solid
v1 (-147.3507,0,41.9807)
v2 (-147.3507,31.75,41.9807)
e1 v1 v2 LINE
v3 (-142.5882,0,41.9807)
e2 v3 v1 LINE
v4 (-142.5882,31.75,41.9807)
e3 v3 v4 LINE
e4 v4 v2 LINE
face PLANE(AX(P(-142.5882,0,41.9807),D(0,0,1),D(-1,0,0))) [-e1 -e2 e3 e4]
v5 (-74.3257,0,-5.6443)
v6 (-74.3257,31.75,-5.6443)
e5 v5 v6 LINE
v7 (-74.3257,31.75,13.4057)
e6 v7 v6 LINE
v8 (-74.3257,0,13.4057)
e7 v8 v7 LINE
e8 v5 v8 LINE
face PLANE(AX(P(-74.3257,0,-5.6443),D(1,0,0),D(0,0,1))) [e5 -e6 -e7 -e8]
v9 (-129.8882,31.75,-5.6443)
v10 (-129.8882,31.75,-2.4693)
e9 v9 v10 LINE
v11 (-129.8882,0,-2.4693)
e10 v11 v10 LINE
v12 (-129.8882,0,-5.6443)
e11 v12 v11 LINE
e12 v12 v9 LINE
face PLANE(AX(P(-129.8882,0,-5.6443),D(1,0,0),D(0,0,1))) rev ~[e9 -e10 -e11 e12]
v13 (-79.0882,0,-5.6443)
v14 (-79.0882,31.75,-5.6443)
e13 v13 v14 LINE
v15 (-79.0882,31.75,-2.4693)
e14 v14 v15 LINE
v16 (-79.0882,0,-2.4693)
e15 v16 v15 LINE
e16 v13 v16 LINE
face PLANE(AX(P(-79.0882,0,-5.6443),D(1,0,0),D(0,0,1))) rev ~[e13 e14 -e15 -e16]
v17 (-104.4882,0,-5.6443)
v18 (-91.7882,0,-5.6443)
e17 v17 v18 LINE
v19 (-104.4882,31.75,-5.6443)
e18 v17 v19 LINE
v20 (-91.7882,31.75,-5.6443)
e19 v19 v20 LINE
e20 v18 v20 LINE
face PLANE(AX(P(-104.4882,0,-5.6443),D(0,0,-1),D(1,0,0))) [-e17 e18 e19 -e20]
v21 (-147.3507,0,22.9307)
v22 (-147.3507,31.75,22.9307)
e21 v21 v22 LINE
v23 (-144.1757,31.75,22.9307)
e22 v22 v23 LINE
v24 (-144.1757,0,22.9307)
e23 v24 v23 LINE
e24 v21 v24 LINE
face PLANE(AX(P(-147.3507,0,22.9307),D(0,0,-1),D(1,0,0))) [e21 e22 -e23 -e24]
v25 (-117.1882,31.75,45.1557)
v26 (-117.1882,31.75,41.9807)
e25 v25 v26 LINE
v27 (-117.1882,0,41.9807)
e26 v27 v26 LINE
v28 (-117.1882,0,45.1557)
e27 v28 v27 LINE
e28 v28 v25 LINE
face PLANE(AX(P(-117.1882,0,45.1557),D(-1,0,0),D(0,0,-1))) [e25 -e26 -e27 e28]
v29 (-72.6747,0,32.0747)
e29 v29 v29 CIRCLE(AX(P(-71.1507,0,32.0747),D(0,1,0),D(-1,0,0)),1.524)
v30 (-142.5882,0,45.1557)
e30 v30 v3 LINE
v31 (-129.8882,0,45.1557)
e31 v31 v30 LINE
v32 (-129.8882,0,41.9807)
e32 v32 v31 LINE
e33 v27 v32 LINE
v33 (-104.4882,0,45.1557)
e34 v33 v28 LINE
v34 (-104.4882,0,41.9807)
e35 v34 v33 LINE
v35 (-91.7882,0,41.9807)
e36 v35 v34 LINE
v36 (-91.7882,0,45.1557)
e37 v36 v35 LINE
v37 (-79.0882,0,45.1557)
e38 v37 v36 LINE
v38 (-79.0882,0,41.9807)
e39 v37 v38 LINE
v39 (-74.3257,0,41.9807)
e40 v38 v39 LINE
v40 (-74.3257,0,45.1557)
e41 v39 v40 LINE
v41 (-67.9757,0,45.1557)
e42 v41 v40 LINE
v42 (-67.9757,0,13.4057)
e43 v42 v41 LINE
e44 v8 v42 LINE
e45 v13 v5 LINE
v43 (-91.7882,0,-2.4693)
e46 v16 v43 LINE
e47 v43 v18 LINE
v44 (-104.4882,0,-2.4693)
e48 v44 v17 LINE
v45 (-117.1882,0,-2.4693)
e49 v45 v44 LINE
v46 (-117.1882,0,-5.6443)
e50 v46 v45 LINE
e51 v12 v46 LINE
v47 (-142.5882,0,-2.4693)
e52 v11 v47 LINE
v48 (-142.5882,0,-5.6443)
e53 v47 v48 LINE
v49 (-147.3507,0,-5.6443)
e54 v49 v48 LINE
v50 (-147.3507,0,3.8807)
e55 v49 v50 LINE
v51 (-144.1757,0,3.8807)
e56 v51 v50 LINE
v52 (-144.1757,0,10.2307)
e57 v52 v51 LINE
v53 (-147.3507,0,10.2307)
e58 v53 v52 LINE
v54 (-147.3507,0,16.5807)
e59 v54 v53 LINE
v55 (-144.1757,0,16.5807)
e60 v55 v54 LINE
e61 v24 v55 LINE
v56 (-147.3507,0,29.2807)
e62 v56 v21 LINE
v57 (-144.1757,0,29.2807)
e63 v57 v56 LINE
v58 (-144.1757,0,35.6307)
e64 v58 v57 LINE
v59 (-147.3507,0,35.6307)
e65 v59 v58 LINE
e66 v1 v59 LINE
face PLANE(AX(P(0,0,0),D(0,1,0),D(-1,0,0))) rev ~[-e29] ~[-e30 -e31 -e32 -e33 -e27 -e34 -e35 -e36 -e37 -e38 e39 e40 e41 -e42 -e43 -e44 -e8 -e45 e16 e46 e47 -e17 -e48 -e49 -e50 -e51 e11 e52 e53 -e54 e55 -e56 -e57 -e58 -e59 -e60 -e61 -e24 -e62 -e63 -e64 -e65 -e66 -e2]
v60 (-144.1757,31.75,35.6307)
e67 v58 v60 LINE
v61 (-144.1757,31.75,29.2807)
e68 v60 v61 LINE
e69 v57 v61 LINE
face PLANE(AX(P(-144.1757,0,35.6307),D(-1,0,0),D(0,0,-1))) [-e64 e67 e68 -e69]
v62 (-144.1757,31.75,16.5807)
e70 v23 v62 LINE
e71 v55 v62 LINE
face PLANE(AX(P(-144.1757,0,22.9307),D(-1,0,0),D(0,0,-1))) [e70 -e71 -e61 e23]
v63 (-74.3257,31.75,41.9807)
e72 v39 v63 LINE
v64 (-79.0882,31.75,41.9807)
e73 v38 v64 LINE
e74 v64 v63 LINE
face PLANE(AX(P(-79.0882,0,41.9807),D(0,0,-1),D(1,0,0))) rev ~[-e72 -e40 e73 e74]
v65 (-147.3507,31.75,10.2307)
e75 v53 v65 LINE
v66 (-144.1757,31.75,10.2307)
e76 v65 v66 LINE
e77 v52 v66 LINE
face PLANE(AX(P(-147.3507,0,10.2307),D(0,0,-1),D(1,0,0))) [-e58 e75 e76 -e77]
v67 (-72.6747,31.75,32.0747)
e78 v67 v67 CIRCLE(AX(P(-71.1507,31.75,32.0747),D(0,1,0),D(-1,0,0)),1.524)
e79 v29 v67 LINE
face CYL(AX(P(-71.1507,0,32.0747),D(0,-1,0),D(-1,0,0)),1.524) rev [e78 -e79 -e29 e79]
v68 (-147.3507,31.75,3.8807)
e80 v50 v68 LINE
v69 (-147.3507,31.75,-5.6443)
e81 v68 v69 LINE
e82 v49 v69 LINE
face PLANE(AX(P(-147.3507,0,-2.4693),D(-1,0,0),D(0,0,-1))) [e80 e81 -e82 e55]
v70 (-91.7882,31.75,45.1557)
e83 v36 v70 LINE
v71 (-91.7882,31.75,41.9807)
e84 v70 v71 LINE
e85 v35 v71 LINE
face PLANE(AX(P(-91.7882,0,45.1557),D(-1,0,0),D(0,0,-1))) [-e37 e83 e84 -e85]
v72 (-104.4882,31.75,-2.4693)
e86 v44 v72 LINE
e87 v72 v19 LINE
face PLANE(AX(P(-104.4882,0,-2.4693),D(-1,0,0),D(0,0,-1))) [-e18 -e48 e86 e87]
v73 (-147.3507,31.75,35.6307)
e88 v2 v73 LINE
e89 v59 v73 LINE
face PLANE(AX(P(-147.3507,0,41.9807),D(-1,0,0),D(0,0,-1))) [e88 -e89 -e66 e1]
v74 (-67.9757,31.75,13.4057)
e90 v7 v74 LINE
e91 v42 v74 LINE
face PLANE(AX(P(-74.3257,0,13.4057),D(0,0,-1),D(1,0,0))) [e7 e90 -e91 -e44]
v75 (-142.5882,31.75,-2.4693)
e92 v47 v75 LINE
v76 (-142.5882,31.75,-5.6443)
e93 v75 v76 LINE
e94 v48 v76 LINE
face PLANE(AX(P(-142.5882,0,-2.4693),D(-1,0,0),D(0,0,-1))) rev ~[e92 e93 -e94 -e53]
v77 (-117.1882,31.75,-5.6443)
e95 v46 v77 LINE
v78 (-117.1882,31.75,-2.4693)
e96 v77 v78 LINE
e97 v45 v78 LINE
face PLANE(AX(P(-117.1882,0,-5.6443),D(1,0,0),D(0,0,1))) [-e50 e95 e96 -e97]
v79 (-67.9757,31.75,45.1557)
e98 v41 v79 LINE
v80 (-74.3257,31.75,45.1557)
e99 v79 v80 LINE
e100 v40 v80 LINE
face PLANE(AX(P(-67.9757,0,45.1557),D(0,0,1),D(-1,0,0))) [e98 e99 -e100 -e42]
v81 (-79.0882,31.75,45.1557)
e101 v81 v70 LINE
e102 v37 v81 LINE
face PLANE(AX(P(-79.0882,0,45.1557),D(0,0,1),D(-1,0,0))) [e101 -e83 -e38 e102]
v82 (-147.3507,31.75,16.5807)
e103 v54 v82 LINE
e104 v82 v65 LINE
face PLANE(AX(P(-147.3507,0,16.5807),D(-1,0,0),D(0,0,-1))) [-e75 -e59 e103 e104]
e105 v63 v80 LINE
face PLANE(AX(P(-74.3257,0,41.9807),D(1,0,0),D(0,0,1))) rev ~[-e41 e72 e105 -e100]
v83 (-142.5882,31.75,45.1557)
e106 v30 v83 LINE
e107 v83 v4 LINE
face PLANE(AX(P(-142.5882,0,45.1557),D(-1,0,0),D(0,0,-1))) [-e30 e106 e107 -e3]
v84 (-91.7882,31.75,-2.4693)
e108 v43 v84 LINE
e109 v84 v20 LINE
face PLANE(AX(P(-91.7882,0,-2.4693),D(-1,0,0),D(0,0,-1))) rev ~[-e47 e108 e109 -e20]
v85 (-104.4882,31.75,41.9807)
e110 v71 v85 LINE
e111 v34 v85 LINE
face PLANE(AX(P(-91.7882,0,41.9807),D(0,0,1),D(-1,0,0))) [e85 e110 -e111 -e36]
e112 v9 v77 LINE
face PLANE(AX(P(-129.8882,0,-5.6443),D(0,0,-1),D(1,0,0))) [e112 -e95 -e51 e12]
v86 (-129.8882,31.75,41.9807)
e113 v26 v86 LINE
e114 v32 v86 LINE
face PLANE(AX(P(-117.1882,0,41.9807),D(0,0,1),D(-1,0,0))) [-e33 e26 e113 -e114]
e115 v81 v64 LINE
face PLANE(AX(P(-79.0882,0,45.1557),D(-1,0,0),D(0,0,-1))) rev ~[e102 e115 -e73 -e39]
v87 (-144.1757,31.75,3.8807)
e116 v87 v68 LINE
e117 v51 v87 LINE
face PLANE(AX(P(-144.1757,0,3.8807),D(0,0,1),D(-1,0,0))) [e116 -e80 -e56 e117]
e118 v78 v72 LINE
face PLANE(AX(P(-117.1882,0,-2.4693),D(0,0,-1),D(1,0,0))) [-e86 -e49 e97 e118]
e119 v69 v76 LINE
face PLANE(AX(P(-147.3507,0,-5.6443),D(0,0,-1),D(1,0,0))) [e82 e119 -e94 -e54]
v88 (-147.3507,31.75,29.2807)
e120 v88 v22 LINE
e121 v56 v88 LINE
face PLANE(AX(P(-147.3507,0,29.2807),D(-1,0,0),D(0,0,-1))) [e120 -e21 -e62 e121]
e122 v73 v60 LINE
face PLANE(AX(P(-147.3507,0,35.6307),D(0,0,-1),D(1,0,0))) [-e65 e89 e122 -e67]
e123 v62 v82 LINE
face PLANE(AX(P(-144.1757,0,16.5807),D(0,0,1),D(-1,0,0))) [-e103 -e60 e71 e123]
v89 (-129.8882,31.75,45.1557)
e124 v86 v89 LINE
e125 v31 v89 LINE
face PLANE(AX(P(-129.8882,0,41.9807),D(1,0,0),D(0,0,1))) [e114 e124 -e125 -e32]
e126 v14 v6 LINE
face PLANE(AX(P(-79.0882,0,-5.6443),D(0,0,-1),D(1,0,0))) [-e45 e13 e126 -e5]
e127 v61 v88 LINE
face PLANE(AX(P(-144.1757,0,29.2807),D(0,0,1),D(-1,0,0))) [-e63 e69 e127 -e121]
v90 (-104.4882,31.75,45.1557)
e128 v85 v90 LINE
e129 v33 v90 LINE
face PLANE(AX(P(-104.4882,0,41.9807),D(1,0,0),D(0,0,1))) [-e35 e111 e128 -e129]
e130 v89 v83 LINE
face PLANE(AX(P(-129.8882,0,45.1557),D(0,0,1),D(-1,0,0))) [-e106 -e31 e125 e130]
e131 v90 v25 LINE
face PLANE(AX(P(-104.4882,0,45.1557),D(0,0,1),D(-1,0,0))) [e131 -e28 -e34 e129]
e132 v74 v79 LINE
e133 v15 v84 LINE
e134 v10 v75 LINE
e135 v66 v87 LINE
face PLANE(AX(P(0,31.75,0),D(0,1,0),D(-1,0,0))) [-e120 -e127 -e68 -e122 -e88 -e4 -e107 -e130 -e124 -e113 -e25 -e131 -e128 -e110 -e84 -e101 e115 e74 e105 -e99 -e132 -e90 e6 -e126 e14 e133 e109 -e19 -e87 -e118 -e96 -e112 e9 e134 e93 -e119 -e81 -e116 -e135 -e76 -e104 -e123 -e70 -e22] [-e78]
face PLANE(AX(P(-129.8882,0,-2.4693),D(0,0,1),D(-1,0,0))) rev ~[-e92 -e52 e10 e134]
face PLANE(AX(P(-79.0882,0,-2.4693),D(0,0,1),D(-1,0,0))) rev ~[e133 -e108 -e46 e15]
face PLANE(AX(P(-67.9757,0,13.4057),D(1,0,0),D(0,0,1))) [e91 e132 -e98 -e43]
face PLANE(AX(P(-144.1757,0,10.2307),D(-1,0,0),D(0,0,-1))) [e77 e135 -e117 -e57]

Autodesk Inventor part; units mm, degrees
ref_plane "YZ Plane" through (0, 0, 0) normal (1, 0, 0) x (0, 1, 0)
ref_plane "XZ Plane" through (0, 0, 0) normal (0, 1, 0) x (-1, 0, 0)
ref_plane "XY Plane" through (0, 0, 0) normal (0, 0, 1) x (1, 0, 0)
sketch "Sketch1" plane through (0, 0, 0) normal (0, 1, 0) x (-1, 0, 0)
  line L0 (147.3507, -5.6443) -> (74.3257, -5.6443)
  line L1 (74.3257, -5.6443) -> (74.3257, 45.1557)
  line L2 (74.3257, 45.1557) -> (147.3507, 45.1557)
  line L3 (147.3507, 45.1557) -> (147.3507, -5.6443)
  line L4 (147.3507, 45.1557) -> (142.5882, 45.1557)
  line L5 (142.5882, 45.1557) -> (142.5882, 41.9807)
  line L6 (142.5882, 41.9807) -> (147.3507, 41.9807)
  line L7 (147.3507, 41.9807) -> (147.3507, 45.1557)
  line L8 (129.8882, 45.1557) -> (117.1882, 45.1557)
  line L9 (117.1882, 45.1557) -> (117.1882, 41.9807)
  line L10 (117.1882, 41.9807) -> (129.8882, 41.9807)
  line L11 (129.8882, 41.9807) -> (129.8882, 45.1557)
  line L12 (104.4882, 45.1557) -> (91.7882, 45.1557)
  line L13 (91.7882, 45.1557) -> (91.7882, 41.9807)
  line L14 (91.7882, 41.9807) -> (104.4882, 41.9807)
  line L15 (104.4882, 41.9807) -> (104.4882, 45.1557)
  line L16 (147.3507, -2.4693) -> (147.3507, -5.6443)
  line L17 (129.8882, -5.6443) -> (117.1882, -5.6443)
  line L18 (104.4882, -5.6443) -> (91.7882, -5.6443)
  line L19 (147.3507, 3.8807) -> (147.3507, 10.2307)
  line L20 (147.3507, 10.2307) -> (144.1757, 10.2307)
  line L21 (144.1757, 10.2307) -> (144.1757, 3.8807)
  line L22 (144.1757, 3.8807) -> (147.3507, 3.8807)
  line L23 (147.3507, 16.5807) -> (147.3507, 22.9307)
  line L24 (147.3507, 22.9307) -> (144.1757, 22.9307)
  line L25 (144.1757, 22.9307) -> (144.1757, 16.5807)
  line L26 (144.1757, 16.5807) -> (147.3507, 16.5807)
  line L27 (147.3507, 29.2807) -> (147.3507, 35.6307)
  line L28 (147.3507, 35.6307) -> (144.1757, 35.6307)
  line L29 (144.1757, 35.6307) -> (144.1757, 29.2807)
  line L30 (144.1757, 29.2807) -> (147.3507, 29.2807)
  circle A0 centre (71.1507, 32.0747) radius 1.524
  line L31 (74.3257, 45.1557) -> (79.0882, 45.1557)
  line L32 (79.0882, 45.1557) -> (79.0882, 41.9807)
  line L33 (79.0882, 41.9807) -> (74.3257, 41.9807)
  line L34 (74.3257, 41.9807) -> (74.3257, 45.1557)
  line L35 (74.3257, -2.4693) -> (74.3257, -5.6443)
  line L36 (79.0882, -5.6443) -> (79.0882, -2.4693)
  line L37 (79.0882, -2.4693) -> (91.7882, -2.4693)
  line L38 (91.7882, -2.4693) -> (91.7882, -5.6443)
  line L39 (91.7882, -5.6443) -> (79.0882, -5.6443)
  line L40 (104.4882, -2.4693) -> (104.4882, -5.6443)
  line L41 (104.4882, -5.6443) -> (117.1882, -5.6443)
  line L42 (117.1882, -5.6443) -> (117.1882, -2.4693)
  line L43 (117.1882, -2.4693) -> (104.4882, -2.4693)
  line L44 (129.8882, -5.6443) -> (129.8882, -2.4693)
  line L45 (129.8882, -2.4693) -> (142.5882, -2.4693)
  line L46 (142.5882, -2.4693) -> (142.5882, -5.6443)
  line L47 (142.5882, -5.6443) -> (129.8882, -5.6443)
  line L48 (74.3257, 45.1557) -> (74.3257, 13.4057)
  line L49 (74.3257, 13.4057) -> (67.9757, 13.4057)
  line L50 (67.9757, 13.4057) -> (67.9757, 45.1557)
  line L51 (67.9757, 45.1557) -> (74.3257, 45.1557)
  point P0 (0, 0)
  point P1 (79.0882, -5.6443)
  point P2 (129.8882, -5.6443)
  point P3 (142.5882, -5.6443)
  point P4 (74.3257, 45.1557)
  dimension "d103" = 73.025
  dimension "d104" = 50.8
  dimension "d105" = 4.7625
  dimension "d106" = 3.175
  dimension "d107" = 12.7
  dimension "d108" = 3.175
  dimension "d109" = 12.7
  dimension "d110" = 3.175
  dimension "d111" = 12.7
  dimension "d112" = 12.7
  dimension "d121" = 6.35
  dimension "d122" = 3.175
  dimension "d123" = 6.35
  dimension "d124" = 3.175
  dimension "d126" = 6.35
  dimension "d127" = 6.35
  dimension "d128" = 3.175
  dimension "d129" = 6.35
  dimension "d131" = 3.048
  dimension "d135" = 4.7625
  dimension "d136" = 3.175
  dimension "d141" = 9.906
  dimension "d146" = 3.175
  dimension "d147" = 12.7
  dimension "d148" = 0
  dimension "d149" = 4.7625
  dimension "d150" = 3.175
  dimension "d151" = 12.7
  dimension "d152" = 12.7
  dimension "d153" = 0
  dimension "d154" = 3.175
  dimension "d155" = 12.7
  dimension "d156" = 12.7
  dimension "d159" = 31.75
  dimension "d160" = 6.35
  dimension "d161" = 0
  dimension "d162" = 0
  dimension "d163" = 3.175
extrude "Extrusion10" add sketch "Sketch1" along normal blind 31.75 contours L0 L46 L45 L44 L42 L43 L40 L38 L37 L36 L1 L33 L32 L2 L13 L14 L15 L9 L10 L11 L5 L6 L3 L28 L29 L30 L24 L25 L26 L20 L21 L22 | L49 L50 L51 L1
equation "\"BendRadius\" = Thickness"
equation "\"BendReliefWidth\" = Thickness"
equation "\"BendReliefDepth\" = 0.5 * Thickness"
equation "\"CornerReliefSize\" = 4 * Thickness"
equation "\"MinimumRemnant\" = 2 * Thickness"
equation "\"TransitionRadius\" = BendRadius"
equation "\"JacobiRadiusSize\" = BendRadius"
equation "\"GapSize\" = Thickness"
equation "\"Thickness\" = 3.048"
properties part number "Burrow_Side_Detachable_EXT"
